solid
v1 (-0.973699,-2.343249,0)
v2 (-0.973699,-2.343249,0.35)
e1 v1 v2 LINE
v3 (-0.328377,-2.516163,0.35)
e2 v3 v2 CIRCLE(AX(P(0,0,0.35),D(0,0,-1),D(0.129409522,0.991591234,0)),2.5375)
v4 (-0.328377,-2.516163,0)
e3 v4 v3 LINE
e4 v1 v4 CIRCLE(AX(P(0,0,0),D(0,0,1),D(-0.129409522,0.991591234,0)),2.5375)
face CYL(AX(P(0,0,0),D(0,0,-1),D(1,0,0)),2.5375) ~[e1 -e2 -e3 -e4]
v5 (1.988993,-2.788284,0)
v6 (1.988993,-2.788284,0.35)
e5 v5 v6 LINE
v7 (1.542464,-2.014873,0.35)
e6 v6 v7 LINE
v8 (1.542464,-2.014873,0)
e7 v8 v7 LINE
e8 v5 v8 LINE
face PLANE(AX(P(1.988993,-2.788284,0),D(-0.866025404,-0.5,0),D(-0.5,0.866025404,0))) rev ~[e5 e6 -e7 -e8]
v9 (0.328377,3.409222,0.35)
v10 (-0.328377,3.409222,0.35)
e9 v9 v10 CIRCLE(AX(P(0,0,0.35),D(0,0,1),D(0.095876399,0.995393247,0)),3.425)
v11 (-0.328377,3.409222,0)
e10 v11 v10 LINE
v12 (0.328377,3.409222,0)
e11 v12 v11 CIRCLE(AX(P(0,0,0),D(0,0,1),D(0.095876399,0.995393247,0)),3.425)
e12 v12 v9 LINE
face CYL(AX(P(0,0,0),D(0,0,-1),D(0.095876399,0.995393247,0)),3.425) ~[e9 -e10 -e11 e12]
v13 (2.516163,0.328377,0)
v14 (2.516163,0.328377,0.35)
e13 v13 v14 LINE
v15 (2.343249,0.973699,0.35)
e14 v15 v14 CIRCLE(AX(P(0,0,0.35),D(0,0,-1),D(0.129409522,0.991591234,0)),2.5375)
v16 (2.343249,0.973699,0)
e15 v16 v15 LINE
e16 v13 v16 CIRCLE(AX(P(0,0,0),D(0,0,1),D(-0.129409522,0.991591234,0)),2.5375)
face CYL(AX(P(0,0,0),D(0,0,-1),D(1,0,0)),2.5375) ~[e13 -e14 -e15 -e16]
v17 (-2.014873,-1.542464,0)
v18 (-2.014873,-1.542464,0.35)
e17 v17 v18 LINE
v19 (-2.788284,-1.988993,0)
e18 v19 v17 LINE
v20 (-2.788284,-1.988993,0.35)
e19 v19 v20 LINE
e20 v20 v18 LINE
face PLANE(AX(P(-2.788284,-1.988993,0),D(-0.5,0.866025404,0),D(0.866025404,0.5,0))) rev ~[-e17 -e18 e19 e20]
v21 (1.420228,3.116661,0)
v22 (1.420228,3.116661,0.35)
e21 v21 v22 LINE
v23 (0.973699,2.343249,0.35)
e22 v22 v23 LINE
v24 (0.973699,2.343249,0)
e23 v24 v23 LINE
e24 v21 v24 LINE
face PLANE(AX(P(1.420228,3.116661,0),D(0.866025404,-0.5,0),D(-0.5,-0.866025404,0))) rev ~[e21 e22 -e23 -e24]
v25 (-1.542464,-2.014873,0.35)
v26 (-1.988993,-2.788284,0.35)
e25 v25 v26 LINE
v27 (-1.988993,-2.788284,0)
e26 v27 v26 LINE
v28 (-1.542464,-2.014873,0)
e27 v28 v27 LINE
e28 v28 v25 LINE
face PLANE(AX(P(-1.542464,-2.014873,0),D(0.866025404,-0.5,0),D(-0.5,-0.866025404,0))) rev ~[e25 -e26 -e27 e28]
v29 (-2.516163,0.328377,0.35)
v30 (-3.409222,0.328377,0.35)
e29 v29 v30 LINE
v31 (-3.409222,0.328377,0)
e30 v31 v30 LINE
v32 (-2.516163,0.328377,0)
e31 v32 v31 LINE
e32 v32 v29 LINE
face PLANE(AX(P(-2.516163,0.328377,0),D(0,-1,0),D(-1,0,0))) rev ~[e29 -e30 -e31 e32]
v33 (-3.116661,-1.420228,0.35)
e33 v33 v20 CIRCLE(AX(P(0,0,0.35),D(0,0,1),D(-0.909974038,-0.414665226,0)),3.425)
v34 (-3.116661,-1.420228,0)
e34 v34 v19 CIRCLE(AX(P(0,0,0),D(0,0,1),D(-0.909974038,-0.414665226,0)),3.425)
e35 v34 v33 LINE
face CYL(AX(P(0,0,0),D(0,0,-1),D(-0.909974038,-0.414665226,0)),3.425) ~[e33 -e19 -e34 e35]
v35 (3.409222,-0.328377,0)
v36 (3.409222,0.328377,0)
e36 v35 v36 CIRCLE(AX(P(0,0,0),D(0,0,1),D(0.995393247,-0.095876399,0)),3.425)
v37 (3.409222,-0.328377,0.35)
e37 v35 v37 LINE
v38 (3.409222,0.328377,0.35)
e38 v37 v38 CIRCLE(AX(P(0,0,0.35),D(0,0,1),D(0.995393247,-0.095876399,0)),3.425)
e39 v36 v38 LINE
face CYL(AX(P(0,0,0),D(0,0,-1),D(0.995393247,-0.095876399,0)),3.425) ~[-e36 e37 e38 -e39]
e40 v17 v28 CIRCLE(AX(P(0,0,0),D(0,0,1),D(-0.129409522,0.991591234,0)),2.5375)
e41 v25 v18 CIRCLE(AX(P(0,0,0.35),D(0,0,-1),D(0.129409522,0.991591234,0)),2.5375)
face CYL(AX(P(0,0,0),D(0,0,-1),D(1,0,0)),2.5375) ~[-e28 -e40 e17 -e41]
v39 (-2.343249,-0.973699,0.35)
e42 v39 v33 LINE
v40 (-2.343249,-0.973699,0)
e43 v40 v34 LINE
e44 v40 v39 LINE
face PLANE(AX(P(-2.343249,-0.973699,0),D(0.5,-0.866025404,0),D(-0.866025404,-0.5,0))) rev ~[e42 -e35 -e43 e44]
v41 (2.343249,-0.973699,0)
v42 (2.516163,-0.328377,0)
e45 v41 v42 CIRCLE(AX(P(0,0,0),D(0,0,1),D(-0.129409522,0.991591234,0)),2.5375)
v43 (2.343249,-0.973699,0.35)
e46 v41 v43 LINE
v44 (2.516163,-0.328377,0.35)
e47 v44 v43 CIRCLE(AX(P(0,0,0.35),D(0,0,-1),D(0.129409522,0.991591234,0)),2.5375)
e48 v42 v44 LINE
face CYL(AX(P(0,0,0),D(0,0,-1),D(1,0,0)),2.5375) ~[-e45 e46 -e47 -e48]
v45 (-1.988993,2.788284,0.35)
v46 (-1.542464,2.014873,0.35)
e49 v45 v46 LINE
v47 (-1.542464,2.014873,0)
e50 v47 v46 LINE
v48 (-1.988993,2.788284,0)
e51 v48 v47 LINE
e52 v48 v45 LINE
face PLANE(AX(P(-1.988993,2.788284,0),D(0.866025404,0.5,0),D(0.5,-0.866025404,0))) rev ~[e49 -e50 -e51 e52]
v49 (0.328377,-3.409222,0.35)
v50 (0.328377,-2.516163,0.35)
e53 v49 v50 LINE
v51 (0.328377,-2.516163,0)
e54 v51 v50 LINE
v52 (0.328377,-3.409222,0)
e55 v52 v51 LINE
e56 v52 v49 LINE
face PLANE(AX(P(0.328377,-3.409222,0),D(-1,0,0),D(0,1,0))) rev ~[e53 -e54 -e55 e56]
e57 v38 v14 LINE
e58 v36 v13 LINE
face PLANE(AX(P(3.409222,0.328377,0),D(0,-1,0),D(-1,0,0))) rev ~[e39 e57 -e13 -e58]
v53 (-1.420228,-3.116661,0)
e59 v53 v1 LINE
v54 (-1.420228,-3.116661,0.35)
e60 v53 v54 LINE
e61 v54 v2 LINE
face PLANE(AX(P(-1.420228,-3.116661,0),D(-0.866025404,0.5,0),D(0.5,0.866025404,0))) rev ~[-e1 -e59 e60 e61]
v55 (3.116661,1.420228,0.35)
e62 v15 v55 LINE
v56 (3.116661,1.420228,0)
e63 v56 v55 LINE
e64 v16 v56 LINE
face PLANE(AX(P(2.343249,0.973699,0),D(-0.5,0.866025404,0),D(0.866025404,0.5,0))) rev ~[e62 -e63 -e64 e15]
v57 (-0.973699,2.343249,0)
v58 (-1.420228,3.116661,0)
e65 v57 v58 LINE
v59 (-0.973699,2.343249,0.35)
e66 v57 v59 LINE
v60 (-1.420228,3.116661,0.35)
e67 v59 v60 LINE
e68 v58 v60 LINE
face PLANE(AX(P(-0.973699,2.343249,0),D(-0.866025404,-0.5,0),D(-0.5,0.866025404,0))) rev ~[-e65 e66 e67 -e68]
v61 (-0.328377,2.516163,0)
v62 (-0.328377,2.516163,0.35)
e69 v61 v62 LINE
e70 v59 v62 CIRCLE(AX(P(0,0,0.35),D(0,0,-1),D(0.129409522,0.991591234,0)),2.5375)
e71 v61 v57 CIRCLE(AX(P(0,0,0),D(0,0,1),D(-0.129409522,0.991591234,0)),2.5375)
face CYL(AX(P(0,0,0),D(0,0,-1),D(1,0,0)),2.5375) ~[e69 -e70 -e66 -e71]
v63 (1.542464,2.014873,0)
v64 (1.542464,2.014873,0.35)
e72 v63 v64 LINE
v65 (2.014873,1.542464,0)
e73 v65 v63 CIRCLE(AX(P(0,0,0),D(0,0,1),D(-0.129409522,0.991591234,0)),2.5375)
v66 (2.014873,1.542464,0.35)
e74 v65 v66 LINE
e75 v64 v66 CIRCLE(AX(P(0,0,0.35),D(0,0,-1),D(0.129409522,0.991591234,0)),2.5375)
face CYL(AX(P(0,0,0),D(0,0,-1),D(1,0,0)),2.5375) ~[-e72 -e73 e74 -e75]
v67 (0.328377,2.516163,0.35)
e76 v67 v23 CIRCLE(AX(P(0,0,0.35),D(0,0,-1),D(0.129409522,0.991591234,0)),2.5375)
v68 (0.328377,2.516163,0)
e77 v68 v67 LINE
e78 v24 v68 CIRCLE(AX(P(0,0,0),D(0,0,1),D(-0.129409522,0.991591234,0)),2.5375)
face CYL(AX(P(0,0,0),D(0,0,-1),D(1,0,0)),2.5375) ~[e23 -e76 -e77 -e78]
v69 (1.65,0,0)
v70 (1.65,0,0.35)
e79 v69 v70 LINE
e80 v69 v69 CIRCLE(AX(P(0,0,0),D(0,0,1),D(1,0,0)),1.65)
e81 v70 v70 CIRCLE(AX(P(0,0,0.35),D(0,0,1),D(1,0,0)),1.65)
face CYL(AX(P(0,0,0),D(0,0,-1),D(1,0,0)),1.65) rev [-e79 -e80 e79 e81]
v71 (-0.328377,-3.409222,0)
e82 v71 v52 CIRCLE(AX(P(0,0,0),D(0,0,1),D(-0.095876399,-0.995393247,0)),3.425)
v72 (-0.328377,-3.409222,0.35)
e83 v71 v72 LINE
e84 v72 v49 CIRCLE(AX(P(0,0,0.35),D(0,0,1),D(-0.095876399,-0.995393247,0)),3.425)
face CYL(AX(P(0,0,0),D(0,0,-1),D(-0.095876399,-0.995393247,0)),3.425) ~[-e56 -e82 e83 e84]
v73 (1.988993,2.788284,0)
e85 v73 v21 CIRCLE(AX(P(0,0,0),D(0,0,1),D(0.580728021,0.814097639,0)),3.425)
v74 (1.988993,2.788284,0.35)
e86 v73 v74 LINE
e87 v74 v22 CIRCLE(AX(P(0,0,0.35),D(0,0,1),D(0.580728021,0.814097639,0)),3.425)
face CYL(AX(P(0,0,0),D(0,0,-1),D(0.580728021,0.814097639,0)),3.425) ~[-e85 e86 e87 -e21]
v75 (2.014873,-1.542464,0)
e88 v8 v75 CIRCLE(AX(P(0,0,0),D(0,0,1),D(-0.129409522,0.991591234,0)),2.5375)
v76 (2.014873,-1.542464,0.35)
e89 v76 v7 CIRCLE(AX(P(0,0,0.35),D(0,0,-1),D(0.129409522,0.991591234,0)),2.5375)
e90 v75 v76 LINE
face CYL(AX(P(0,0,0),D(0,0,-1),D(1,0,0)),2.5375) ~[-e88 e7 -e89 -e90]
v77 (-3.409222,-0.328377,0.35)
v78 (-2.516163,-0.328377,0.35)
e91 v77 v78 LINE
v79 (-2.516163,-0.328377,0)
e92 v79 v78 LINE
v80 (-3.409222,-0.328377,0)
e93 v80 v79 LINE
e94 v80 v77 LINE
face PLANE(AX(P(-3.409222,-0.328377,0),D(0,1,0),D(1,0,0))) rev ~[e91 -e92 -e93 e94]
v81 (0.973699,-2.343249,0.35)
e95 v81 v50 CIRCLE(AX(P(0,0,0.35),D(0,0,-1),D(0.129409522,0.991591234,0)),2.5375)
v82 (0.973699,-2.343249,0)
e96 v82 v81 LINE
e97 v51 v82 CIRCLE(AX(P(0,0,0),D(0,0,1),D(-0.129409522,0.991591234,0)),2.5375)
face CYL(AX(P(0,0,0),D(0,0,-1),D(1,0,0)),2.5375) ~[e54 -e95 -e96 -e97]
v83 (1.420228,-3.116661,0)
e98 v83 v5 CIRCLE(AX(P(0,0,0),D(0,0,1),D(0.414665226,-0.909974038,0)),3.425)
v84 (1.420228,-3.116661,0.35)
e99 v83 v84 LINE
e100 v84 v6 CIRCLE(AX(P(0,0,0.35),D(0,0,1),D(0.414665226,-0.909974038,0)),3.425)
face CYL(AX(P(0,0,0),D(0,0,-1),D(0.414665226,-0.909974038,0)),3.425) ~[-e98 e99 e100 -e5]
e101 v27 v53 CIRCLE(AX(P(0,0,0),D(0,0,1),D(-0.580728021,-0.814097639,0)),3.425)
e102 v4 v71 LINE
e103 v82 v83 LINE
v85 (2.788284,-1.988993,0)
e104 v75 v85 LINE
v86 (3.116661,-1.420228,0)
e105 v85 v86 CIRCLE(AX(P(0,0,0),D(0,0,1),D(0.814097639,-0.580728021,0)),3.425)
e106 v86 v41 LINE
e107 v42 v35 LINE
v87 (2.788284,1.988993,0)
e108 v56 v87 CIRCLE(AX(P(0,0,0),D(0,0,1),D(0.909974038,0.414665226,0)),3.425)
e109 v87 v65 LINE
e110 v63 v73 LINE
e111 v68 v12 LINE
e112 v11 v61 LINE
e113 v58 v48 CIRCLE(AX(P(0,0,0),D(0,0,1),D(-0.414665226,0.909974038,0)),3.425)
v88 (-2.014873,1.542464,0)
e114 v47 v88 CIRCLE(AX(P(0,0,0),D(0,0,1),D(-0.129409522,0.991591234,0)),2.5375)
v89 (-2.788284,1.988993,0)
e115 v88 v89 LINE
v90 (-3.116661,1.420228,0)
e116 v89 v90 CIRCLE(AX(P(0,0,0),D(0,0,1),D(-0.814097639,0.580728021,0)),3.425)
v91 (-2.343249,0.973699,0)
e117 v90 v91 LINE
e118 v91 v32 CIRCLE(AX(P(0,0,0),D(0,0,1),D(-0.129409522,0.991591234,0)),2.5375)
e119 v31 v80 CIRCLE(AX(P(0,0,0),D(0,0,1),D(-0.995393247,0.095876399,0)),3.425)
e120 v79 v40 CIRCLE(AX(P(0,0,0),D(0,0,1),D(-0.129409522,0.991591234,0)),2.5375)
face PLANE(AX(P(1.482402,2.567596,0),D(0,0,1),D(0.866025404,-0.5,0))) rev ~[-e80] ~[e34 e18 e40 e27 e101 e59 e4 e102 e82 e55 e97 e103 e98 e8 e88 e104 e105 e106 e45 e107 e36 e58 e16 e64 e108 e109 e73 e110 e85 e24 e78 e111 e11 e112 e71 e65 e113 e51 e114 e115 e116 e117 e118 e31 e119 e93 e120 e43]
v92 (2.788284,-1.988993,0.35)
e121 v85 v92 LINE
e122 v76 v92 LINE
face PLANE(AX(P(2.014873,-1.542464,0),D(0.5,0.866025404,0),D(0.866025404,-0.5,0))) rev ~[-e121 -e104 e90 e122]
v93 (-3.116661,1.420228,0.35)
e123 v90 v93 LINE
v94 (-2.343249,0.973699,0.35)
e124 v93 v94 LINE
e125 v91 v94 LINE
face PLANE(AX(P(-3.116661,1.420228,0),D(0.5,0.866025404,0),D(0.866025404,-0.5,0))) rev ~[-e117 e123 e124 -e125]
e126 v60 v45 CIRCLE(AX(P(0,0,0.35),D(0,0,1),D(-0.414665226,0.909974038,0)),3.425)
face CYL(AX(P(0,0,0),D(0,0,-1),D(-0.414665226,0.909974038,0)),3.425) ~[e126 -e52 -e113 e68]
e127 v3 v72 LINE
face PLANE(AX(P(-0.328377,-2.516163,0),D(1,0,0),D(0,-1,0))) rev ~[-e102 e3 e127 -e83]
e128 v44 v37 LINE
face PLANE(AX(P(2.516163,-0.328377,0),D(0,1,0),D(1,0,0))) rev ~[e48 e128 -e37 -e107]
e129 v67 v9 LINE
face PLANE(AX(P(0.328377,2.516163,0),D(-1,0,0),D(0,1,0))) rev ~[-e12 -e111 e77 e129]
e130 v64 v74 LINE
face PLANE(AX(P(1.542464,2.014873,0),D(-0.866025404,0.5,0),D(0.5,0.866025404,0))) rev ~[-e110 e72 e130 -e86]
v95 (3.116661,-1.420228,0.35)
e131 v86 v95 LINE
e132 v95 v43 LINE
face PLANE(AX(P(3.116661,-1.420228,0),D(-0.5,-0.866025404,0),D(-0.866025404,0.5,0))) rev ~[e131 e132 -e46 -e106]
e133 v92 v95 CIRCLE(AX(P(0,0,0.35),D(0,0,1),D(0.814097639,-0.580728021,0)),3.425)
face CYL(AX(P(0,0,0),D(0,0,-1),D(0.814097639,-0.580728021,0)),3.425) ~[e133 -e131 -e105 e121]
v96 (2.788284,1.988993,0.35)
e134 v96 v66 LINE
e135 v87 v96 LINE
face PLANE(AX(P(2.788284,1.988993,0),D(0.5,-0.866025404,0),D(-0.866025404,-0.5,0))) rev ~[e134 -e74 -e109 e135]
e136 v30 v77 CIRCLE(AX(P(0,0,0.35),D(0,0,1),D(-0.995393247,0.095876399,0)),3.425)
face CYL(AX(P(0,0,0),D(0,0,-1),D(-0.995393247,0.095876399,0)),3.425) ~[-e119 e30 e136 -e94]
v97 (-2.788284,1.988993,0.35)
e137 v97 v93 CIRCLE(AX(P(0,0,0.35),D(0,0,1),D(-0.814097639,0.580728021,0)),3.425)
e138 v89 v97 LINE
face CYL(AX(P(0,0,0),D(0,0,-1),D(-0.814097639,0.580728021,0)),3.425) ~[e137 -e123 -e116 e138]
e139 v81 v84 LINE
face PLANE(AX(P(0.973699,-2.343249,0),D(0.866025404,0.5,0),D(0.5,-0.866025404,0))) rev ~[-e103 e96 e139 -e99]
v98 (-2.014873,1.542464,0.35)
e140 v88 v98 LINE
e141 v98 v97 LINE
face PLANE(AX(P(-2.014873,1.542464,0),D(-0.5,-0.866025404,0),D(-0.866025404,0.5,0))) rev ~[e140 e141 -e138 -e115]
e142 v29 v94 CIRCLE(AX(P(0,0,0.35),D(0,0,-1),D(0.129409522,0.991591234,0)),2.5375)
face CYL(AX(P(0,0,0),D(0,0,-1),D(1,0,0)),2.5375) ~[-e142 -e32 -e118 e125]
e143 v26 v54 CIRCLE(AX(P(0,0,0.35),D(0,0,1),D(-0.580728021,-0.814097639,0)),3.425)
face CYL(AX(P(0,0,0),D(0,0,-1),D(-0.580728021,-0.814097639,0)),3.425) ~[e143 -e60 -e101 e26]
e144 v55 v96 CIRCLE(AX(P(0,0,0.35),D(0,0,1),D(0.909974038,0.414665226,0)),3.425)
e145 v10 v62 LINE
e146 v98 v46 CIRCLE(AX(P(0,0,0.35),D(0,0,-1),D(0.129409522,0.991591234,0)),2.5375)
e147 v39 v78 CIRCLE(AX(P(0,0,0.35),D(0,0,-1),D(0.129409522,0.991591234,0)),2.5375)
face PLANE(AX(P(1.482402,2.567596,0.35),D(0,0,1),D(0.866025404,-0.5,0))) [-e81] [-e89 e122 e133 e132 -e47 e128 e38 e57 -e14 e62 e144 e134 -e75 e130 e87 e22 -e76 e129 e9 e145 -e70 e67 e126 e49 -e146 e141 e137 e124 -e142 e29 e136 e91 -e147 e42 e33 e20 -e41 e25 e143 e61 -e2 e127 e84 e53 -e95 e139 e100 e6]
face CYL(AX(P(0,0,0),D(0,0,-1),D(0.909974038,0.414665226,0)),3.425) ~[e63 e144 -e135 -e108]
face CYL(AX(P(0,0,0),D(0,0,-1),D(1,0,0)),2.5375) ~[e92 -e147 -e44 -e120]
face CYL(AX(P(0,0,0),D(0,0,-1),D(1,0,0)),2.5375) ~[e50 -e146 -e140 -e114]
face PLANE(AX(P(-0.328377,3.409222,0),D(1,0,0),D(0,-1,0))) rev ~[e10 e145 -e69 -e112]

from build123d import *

# Parameters (mm, degrees)
SKETCH1_R         = 2.5375
SKETCH1_R_2       = 1.65
EXTRUDE1_DEPTH    = 0.35
EXTRUDE2_DEPTH    = 0.35
CIRPATTERN1_COUNT = 12


with BuildPart() as part:
    # Sketch1 → Extrude1 (new body)
    with BuildSketch(Plane.XY):
        Circle(SKETCH1_R)
        Circle(SKETCH1_R_2, mode=Mode.SUBTRACT)
    extrude(amount=EXTRUDE1_DEPTH)

    # Sketch2 → Extrude2 (add)
    with BuildSketch(Plane.XY):
        with BuildLine():
            Line((-0.328376663, 3.409221871), (-0.328376663, 2.516162756))
            Line((-0.328376663, 2.516162756), (0.328376663, 2.516162756))
            Line((0.328376663, 2.516162756), (0.328376663, 3.409221871))
            ThreePointArc((0.328376663, 3.409221871), (0, 3.425), (-0.328376663, 3.409221871))
        make_face()
    extrude2 = extrude(amount=EXTRUDE2_DEPTH)

    # CirPattern1: Extrude2 ×12 about axis
    cirpattern1_axis = Axis((0, 0, 0), (0, 0, 1))
    for i in range(1, CIRPATTERN1_COUNT):
        add(extrude2.rotate(cirpattern1_axis, i * 360 / CIRPATTERN1_COUNT))


solid = part.part
